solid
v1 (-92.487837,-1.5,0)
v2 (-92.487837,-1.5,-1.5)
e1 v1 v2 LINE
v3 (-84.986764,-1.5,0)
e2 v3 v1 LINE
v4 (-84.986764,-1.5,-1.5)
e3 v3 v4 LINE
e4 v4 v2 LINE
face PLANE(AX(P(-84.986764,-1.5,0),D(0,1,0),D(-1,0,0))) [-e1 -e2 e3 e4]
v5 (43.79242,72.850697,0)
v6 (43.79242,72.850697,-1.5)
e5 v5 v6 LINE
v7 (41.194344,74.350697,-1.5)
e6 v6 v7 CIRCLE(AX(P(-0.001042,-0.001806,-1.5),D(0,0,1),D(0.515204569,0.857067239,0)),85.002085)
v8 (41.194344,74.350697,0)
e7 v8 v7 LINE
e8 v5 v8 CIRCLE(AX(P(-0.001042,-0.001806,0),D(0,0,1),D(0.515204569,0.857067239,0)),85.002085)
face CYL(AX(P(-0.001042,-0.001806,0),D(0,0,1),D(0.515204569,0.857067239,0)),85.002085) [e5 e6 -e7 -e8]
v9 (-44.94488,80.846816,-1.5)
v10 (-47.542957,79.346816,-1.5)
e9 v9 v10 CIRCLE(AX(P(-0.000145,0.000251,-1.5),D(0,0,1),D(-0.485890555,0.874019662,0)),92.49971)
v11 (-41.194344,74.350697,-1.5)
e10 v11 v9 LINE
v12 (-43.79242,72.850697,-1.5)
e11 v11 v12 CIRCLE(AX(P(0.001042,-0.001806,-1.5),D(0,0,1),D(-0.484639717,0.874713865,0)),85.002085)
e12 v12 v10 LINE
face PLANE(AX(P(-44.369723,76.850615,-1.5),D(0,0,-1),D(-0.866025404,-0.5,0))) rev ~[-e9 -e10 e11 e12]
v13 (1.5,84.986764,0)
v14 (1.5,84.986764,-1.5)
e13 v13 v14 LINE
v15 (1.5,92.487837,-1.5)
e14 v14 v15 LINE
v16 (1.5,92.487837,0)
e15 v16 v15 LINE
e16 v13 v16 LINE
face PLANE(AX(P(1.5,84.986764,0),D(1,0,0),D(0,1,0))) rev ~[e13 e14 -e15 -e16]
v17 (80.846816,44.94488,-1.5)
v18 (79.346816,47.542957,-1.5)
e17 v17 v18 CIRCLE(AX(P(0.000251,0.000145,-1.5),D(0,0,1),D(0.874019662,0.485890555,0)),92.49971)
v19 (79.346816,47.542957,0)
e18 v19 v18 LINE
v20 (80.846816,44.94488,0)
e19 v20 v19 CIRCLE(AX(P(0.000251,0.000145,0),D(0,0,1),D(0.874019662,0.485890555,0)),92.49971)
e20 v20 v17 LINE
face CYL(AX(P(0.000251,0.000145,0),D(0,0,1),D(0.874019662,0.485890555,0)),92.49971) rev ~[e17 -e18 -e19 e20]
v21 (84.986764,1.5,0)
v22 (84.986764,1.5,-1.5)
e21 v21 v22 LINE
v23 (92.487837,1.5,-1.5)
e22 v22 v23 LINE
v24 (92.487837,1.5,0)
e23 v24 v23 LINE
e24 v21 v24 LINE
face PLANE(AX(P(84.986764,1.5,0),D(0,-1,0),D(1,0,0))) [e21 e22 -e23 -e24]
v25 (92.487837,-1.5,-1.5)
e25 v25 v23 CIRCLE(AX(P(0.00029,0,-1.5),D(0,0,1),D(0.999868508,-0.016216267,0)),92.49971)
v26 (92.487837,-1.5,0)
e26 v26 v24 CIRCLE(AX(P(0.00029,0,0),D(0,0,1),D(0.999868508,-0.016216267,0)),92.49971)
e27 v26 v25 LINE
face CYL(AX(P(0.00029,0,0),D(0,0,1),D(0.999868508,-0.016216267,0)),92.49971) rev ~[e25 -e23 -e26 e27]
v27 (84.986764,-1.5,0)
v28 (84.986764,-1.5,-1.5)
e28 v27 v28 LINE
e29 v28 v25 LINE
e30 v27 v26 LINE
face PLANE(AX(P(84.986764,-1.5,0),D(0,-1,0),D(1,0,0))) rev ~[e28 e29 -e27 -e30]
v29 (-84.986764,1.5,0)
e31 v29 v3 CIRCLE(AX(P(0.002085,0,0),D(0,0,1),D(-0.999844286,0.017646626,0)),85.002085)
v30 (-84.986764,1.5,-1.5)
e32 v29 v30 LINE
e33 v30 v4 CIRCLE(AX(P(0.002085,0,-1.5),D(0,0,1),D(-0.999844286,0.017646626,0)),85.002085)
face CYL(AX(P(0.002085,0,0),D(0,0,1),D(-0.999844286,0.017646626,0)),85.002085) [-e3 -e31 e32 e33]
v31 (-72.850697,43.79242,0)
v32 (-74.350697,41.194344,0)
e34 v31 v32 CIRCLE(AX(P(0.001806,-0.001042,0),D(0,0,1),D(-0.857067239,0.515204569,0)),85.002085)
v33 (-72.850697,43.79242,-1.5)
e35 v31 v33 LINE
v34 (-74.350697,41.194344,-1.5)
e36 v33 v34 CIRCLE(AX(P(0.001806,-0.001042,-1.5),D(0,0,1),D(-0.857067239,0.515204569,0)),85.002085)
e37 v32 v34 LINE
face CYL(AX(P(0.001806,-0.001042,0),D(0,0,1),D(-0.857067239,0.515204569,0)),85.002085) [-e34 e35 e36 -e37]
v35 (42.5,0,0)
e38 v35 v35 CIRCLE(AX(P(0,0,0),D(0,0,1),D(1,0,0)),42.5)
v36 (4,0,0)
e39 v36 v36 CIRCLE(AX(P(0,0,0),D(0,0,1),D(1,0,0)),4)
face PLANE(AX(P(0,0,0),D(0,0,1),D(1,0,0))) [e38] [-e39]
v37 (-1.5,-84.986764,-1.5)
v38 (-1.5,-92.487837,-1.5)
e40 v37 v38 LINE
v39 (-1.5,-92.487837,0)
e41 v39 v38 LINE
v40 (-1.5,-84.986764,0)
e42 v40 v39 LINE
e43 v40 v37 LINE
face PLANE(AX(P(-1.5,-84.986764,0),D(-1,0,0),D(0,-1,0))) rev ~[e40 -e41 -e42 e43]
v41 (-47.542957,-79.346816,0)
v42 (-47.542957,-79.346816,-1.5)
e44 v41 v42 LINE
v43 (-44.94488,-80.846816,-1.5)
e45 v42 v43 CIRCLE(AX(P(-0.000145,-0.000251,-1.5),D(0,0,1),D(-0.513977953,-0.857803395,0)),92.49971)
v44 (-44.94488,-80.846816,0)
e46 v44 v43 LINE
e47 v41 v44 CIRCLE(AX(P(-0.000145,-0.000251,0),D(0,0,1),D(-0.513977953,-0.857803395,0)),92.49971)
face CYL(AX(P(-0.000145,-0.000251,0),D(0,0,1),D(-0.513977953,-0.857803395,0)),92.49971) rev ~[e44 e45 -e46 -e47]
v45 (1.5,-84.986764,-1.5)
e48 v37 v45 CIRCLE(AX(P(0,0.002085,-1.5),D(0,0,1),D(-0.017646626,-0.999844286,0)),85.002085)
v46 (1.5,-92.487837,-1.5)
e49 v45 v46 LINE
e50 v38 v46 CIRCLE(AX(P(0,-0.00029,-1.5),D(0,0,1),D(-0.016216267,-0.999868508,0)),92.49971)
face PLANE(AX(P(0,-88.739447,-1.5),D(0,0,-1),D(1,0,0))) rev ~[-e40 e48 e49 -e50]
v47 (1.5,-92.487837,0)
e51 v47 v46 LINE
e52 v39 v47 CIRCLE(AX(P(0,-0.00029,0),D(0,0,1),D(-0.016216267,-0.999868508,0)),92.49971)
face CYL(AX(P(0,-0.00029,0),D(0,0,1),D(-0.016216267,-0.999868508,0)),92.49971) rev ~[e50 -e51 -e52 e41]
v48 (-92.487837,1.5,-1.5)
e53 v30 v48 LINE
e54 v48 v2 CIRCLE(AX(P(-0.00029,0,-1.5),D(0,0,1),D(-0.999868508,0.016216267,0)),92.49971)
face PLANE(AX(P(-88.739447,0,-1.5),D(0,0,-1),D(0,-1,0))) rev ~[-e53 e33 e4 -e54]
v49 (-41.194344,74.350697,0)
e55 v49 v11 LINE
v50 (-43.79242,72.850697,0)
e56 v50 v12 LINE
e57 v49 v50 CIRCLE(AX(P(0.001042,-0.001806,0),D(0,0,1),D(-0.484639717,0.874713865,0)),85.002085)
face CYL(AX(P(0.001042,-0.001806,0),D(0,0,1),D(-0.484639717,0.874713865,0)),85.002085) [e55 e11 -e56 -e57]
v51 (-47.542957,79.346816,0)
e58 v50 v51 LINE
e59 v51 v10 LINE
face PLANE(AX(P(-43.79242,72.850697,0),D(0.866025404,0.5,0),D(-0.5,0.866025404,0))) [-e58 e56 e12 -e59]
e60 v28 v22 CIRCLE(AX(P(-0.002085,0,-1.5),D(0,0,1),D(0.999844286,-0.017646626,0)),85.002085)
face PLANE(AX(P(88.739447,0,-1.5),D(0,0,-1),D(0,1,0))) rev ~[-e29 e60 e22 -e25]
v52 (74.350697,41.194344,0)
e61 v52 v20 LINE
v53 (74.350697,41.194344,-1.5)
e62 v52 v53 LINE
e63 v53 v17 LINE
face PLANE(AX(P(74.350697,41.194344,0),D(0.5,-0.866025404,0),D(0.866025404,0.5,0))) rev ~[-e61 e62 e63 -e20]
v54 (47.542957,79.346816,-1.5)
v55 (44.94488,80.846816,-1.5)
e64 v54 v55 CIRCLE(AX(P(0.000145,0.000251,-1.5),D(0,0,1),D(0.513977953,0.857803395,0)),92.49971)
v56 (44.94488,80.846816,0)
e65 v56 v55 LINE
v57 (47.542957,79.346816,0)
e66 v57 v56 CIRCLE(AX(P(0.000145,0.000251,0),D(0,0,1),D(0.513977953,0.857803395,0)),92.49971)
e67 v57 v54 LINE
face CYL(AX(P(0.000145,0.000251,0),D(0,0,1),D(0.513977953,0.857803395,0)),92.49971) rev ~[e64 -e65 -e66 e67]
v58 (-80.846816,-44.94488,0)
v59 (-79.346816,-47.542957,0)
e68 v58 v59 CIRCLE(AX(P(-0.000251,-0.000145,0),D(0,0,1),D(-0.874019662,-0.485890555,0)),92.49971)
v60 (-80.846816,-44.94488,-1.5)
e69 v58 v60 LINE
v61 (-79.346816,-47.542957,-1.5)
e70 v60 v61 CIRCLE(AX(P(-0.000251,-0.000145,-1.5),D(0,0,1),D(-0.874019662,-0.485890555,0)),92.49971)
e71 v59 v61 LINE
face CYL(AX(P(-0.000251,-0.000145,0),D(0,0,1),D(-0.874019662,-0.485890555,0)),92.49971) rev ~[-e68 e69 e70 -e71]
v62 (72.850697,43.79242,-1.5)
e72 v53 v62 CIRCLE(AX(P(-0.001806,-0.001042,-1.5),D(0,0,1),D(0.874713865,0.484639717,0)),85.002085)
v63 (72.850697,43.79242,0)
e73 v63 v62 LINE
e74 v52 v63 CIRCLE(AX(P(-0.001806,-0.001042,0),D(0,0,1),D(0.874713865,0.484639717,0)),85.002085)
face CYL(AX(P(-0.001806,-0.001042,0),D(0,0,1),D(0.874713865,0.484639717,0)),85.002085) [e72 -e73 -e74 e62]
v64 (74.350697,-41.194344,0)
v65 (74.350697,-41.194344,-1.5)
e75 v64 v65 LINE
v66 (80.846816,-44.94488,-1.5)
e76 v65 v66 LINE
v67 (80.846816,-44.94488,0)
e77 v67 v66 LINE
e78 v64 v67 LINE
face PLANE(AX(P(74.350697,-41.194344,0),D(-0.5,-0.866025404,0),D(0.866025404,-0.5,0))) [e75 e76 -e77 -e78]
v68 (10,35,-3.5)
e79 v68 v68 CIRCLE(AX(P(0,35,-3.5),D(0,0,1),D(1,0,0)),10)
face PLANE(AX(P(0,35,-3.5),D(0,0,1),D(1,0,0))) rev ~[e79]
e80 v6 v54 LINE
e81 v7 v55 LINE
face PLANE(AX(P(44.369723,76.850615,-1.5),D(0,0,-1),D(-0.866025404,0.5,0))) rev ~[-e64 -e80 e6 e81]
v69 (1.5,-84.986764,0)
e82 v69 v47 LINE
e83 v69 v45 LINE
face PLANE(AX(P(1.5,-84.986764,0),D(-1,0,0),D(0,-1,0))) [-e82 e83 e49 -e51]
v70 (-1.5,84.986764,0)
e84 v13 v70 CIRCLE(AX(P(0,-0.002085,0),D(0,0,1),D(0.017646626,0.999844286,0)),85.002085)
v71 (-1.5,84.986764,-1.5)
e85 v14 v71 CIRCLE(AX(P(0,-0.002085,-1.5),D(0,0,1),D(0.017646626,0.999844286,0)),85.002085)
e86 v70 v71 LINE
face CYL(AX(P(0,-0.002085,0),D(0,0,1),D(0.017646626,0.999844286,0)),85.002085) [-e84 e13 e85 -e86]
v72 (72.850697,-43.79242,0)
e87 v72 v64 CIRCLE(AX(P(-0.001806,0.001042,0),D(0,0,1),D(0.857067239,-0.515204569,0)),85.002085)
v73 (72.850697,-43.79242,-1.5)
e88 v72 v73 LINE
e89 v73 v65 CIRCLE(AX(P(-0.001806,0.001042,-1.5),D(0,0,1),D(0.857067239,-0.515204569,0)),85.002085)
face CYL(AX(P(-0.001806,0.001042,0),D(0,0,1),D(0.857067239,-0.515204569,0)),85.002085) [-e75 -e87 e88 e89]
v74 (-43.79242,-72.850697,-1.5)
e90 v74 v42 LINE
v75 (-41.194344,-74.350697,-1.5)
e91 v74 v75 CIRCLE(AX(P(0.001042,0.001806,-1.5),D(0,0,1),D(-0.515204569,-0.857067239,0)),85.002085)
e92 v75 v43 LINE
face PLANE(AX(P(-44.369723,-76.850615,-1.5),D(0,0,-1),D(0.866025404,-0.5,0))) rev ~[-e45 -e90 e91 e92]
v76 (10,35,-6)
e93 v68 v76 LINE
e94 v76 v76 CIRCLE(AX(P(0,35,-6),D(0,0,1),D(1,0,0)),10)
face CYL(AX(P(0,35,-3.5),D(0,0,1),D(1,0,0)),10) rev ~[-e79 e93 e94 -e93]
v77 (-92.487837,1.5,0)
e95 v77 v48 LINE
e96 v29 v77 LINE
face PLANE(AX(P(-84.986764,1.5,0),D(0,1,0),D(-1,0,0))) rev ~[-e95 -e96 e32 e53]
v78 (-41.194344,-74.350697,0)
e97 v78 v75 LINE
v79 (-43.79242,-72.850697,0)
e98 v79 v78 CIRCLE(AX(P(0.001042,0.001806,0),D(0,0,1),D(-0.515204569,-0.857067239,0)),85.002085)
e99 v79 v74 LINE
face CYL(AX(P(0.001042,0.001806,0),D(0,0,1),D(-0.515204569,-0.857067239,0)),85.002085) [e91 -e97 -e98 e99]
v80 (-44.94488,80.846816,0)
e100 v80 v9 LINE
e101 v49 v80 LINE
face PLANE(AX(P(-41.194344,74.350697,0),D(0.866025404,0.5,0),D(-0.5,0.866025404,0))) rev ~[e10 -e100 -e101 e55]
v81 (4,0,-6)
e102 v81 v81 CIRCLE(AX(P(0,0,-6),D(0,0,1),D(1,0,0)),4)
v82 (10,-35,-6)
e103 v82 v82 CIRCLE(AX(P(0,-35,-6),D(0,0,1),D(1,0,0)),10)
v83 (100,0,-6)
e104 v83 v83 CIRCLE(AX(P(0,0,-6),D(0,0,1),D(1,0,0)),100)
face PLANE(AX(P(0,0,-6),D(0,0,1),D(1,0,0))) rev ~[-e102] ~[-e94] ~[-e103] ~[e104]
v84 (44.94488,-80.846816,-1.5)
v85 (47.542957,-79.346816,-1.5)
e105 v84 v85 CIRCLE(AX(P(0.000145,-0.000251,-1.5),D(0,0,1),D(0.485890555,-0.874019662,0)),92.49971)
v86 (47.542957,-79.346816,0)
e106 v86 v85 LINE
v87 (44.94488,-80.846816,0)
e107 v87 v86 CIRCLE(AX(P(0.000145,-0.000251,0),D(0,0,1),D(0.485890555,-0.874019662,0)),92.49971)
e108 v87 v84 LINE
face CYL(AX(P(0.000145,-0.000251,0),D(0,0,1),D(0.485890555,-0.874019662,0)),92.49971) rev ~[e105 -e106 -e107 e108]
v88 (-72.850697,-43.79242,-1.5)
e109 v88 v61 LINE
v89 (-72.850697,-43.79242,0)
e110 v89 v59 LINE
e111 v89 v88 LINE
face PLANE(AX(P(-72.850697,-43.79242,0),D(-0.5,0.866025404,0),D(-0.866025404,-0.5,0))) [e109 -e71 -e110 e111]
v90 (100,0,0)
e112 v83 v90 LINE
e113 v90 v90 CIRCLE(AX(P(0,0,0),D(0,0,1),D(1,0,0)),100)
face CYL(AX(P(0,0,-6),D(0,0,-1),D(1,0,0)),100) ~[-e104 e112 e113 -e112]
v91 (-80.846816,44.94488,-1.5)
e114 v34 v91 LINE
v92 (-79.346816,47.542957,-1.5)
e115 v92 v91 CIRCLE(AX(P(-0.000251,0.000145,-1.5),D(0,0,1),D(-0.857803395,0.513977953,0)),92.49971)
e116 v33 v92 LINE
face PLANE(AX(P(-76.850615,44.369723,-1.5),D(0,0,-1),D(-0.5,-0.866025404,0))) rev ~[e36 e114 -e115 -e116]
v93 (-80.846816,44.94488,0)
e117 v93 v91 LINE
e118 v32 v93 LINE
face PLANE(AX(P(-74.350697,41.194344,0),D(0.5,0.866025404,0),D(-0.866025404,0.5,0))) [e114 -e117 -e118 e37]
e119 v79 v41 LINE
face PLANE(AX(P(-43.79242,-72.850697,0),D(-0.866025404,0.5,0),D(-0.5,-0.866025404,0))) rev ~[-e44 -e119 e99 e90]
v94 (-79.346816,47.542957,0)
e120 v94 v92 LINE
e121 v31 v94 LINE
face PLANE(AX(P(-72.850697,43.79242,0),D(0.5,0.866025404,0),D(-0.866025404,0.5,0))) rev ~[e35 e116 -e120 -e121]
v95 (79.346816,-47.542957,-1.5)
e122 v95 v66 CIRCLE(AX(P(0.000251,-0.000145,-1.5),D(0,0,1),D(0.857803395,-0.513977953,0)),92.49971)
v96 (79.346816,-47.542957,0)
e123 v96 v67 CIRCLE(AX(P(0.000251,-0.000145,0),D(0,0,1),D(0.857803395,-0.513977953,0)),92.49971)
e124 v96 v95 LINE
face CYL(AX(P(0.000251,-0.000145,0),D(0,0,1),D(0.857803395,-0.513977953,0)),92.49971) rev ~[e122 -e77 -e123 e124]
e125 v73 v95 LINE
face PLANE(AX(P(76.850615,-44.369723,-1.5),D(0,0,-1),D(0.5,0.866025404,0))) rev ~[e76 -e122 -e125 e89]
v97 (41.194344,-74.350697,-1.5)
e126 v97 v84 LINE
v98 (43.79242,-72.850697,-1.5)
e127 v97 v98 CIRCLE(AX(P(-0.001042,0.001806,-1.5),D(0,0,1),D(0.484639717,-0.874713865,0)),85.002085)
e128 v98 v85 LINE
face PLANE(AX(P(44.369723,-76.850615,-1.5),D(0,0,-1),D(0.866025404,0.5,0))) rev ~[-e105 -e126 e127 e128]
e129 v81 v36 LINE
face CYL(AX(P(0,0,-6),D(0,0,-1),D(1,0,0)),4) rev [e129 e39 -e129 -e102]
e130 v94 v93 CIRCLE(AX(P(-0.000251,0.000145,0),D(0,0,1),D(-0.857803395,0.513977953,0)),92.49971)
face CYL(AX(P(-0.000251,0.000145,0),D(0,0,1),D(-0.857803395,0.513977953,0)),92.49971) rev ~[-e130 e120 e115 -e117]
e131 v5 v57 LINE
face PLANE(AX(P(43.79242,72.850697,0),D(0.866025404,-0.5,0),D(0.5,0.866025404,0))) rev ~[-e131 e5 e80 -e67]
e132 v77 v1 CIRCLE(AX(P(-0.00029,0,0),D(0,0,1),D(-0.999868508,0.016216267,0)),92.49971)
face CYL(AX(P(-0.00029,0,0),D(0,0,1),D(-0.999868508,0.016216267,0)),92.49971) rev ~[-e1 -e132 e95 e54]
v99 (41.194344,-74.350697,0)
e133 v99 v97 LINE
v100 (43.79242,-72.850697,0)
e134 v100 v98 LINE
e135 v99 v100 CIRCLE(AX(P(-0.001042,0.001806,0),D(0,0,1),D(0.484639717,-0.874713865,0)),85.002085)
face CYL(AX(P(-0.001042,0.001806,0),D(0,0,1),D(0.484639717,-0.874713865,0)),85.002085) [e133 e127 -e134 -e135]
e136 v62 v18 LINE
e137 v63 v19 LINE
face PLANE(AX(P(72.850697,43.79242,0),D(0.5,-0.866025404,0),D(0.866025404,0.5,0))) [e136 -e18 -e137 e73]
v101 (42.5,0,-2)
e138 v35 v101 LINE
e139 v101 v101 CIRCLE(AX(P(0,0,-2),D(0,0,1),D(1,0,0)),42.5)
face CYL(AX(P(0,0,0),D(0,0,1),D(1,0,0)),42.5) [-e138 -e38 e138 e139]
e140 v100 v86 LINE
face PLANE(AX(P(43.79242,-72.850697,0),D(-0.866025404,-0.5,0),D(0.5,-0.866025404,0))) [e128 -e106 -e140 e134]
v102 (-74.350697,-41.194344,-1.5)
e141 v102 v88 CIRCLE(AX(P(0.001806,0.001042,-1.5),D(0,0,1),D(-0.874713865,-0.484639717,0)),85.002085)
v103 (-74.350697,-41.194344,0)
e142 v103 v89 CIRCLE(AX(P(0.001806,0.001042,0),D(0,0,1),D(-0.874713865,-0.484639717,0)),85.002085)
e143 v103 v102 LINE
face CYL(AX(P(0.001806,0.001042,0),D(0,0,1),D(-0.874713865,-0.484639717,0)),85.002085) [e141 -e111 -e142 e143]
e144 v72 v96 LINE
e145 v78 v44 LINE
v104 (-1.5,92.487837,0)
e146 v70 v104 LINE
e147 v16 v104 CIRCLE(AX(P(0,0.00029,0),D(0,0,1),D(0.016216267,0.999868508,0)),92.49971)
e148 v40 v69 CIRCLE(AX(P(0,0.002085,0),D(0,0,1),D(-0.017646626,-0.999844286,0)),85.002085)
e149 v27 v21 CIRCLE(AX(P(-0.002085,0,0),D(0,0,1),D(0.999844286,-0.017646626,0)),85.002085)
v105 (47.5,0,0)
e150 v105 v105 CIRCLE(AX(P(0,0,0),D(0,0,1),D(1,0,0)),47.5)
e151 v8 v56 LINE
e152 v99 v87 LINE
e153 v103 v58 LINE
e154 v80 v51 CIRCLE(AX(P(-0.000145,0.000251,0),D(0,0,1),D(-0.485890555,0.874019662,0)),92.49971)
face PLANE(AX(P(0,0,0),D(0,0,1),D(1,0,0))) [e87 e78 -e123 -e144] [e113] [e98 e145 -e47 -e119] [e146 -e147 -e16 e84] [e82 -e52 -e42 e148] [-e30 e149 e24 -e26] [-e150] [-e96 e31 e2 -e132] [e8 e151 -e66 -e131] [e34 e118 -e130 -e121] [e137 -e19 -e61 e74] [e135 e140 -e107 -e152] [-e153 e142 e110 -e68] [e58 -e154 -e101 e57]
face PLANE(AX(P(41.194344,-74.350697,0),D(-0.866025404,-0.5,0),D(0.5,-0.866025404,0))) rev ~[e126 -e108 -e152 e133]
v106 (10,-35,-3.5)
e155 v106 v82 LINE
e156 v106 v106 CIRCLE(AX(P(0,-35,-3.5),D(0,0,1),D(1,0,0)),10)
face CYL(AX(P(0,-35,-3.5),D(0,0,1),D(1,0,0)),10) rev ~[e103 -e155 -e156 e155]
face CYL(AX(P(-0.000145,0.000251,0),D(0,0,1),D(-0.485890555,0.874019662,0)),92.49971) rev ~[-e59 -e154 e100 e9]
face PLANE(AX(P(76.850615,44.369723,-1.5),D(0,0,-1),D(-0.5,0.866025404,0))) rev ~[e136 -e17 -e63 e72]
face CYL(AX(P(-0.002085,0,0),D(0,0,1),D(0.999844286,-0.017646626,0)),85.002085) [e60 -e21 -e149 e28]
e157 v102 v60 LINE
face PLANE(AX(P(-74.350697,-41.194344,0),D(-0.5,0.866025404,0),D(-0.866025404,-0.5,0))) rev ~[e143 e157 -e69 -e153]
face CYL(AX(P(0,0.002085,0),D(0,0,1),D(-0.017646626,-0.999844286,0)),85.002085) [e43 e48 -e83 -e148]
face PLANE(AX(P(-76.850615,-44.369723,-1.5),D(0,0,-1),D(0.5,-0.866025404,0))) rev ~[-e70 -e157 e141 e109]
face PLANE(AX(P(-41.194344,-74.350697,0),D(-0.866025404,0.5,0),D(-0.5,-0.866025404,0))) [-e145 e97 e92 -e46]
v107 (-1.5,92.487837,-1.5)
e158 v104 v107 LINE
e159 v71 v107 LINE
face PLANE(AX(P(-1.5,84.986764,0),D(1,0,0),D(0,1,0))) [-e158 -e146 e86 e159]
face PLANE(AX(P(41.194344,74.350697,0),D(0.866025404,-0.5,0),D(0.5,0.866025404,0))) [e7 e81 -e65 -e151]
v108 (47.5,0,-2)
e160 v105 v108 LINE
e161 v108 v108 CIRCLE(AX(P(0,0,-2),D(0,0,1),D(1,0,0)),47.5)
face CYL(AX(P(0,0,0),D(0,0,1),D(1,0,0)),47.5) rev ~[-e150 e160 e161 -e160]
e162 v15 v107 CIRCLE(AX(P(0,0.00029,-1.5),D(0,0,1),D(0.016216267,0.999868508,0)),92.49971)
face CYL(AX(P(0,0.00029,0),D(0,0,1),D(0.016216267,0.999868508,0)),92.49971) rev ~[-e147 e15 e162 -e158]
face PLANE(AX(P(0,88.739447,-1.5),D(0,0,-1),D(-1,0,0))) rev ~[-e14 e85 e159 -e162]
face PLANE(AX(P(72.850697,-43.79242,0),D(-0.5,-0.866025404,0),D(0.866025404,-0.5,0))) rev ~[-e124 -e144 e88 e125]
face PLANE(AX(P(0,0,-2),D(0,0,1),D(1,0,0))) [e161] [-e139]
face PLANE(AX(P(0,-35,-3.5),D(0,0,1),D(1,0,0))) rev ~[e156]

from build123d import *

# Parameters (mm, degrees)
EXTRUDE003_DEPTH = 1.5
ARRAY001_COUNT   = 12
SKETCH017_R      = 47.5
SKETCH017_R_2    = 42.5
EXTRUDE002_DEPTH = 2
SKETCH021_R      = 10
EXTRUDE004_DEPTH = 2.5
TUBE001_R        = 100
TUBE001_R_2      = 4
TUBE001_DEPTH    = 6


with BuildPart() as tenminutemarksarray:
    # Sketch014 → Extrude003 (new body)
    with BuildSketch(Plane.XY):
        with BuildLine():
            Line((-1.5, 84.986764), (-1.5, 92.487837))
            ThreePointArc((1.5, 92.487837), (0, 92.5), (-1.5, 92.487837))
            Line((1.5, 84.986764), (1.5, 92.487837))
            ThreePointArc((1.5, 84.986764), (0, 85), (-1.5, 84.986764))
        make_face()
    extrude(amount=-EXTRUDE003_DEPTH)

    # Array001: TenMinuteMarksArray ×12 about axis
    array001_axis = Axis((0, 0, 0), (0, 0, 1))


with BuildPart() as tenminutemarksarray_1:
    add(tenminutemarksarray.part)
    for i in range(1, ARRAY001_COUNT):
        add(tenminutemarksarray.part.rotate(array001_axis, i * 360 / ARRAY001_COUNT))


with BuildPart() as brassinlaycutout:
    # Sketch017 → Extrude002 (new body)
    with BuildSketch(Plane.XY):
        Circle(SKETCH017_R)
        Circle(SKETCH017_R_2, mode=Mode.SUBTRACT)
    extrude(amount=-EXTRUDE002_DEPTH)


with BuildPart() as dialplatecutouts:
    # Sketch021 → Extrude004 (new body)
    with BuildSketch(Plane.XY.offset(-3.5)):
        with Locations((0, 35)):
            Circle(SKETCH021_R)
        with Locations((0, -35)):
            Circle(SKETCH021_R)
    extrude(amount=-EXTRUDE004_DEPTH)

    # Fusion: union TenMinuteMarksArray, BrassInlayCutout
    add(tenminutemarksarray_1.part)
    add(brassinlaycutout.part)


with BuildPart() as dialplate:
    # Tube001 → Tube001 (new body)
    with BuildSketch(Plane.XY.offset(-6)):
        Circle(TUBE001_R)
        Circle(TUBE001_R_2, mode=Mode.SUBTRACT)
    extrude(amount=TUBE001_DEPTH)

    # Cut: cut DialPlateCutouts
    add(dialplatecutouts.part, mode=Mode.SUBTRACT)


solid = dialplate.part
